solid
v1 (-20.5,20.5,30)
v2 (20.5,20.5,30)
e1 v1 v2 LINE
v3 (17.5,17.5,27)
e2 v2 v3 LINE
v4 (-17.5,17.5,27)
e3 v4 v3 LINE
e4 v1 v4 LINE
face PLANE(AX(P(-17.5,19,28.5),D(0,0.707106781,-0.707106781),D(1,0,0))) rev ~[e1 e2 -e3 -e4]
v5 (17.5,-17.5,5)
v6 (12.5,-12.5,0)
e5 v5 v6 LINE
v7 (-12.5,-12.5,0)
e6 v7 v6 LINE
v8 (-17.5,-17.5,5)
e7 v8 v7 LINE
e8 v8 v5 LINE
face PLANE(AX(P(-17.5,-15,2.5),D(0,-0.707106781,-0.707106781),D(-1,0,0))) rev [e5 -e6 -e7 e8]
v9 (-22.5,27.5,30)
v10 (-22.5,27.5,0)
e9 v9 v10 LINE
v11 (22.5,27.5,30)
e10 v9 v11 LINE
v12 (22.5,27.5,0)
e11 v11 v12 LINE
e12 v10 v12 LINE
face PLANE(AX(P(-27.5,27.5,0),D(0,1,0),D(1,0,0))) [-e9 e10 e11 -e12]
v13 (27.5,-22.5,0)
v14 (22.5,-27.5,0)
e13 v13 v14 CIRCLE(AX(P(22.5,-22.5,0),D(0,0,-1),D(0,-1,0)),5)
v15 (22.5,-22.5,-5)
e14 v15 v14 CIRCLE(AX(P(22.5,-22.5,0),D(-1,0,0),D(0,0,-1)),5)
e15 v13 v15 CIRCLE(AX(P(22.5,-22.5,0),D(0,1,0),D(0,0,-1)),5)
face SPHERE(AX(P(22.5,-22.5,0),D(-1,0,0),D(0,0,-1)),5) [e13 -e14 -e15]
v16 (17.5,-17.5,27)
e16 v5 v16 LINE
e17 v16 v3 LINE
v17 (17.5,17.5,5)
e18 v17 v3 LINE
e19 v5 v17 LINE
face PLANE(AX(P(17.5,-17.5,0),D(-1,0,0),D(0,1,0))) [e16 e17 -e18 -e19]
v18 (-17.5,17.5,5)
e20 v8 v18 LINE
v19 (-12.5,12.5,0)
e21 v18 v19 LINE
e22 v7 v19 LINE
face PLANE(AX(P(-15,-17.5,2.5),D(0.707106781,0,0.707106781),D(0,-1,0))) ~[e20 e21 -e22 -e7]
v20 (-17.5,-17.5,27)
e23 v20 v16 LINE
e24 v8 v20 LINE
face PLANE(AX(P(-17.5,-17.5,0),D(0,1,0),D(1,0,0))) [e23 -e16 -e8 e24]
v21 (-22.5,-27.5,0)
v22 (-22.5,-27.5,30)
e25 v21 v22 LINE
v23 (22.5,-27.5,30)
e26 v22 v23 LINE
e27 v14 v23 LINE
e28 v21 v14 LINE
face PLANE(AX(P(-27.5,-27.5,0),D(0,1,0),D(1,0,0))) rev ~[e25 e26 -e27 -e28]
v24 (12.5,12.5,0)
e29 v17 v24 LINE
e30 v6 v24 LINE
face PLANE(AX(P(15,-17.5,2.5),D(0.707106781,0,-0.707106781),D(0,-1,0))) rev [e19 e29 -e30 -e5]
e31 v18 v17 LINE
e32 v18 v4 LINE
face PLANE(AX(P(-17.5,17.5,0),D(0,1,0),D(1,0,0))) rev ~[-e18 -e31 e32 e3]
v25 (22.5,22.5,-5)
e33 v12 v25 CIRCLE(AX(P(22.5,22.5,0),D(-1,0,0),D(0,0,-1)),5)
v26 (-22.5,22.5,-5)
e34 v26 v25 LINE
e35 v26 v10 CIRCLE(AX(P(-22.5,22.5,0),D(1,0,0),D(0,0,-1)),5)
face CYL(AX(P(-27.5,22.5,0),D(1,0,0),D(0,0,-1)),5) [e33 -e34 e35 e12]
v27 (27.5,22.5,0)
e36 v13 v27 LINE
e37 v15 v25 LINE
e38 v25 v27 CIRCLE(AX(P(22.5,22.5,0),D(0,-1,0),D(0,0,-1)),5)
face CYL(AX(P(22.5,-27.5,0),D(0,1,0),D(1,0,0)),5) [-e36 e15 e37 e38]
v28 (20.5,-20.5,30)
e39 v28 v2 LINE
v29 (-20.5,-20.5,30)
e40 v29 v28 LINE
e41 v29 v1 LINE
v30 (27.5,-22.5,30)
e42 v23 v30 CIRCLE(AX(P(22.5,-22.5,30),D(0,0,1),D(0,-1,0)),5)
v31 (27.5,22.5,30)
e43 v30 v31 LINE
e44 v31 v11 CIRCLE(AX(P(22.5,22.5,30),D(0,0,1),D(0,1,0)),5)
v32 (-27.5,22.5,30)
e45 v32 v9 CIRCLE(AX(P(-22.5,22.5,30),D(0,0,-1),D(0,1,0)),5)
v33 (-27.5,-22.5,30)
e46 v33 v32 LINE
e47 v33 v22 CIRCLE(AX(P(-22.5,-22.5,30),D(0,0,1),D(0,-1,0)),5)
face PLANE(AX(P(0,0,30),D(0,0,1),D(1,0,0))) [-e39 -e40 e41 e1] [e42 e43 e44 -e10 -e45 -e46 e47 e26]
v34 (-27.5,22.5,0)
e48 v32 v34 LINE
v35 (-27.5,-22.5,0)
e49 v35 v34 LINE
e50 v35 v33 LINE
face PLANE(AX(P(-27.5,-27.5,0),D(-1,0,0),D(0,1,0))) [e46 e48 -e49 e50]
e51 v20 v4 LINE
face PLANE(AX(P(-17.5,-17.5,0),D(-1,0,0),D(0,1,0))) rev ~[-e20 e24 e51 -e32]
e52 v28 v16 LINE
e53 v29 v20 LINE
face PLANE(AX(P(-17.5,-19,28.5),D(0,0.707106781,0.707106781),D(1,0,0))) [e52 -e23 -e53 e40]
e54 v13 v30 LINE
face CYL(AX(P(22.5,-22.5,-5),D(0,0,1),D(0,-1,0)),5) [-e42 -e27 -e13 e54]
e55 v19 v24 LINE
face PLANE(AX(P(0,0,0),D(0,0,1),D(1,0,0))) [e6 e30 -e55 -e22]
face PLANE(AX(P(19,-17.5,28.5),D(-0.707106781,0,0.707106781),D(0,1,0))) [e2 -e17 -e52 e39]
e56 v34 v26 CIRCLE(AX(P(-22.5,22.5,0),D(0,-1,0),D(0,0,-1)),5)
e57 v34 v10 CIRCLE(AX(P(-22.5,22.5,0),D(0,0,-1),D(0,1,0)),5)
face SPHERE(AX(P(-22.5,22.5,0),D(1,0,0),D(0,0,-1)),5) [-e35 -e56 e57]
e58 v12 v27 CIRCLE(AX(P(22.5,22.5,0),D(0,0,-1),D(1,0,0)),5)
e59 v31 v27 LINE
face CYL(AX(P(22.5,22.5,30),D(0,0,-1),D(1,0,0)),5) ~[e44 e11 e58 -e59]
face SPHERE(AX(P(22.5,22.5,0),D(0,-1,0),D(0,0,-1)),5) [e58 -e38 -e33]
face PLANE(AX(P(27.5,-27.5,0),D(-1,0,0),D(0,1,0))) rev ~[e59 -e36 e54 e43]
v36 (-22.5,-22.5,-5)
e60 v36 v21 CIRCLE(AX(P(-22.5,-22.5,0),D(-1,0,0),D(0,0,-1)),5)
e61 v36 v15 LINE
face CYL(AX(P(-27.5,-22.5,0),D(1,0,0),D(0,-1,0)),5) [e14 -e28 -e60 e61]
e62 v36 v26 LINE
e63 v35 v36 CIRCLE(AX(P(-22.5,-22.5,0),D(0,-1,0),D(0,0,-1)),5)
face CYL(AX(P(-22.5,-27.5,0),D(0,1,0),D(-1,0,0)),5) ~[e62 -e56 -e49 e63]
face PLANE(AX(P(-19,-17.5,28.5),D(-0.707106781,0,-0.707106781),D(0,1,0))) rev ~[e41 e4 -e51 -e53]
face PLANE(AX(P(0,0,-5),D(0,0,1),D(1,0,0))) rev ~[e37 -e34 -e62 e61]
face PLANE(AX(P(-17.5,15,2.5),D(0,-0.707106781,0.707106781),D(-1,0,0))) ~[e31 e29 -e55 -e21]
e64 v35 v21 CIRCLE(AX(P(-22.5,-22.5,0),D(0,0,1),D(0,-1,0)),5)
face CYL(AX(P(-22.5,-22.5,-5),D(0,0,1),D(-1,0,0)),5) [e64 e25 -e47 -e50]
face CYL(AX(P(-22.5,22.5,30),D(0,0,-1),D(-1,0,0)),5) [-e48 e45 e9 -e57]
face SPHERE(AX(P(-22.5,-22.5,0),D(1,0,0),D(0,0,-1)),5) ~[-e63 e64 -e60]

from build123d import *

# Parameters (mm, degrees)
F0_W     = 55
F0_H     = 55
F0_W_2   = 35
F0_H_2   = 35
F1_DEPTH = 5
F2_DEPTH = 30
F3_R     = 5
F4_SIZE  = 3
F5_SIZE  = 5


with BuildPart() as f1:
    # F0 (on Top) → F1 (new body)
    with BuildSketch(Plane.XY):
        Rectangle(F0_W, F0_H)
        Rectangle(F0_W_2, F0_H_2, mode=Mode.SUBTRACT)
        Rectangle(F0_W_2, F0_H_2)
    extrude(amount=-F1_DEPTH)

    # F0 (on Top) → F2 (join)
    with BuildSketch(Plane.XY):
        Rectangle(F0_W, F0_H)
        Rectangle(F0_W_2, F0_H_2, mode=Mode.SUBTRACT)
    extrude(amount=F2_DEPTH)

    # F3
    f3_edges = [f1.edges().sort_by_distance(p)[0] for p in [
        (0, -27.5, -5),
        (27.5, 0, -5),
        (0, 27.5, -5),
        (-27.5, 0, -5),
        (27.5, 27.5, 12.5),
        (-27.5, 27.5, 12.5),
        (-27.5, -27.5, 12.5),
        (27.5, -27.5, 12.5),
    ]]
    fillet(f3_edges, radius=F3_R)

    # F4
    f4_edges = [f1.edges().sort_by_distance(p)[0] for p in [
        (-17.5, 0, 30),
        (0, -17.5, 30),
        (17.5, 0, 30),
        (0, 17.5, 30),
    ]]
    chamfer(f4_edges, length=F4_SIZE)

    # F5
    f5_edges = [f1.edges().sort_by_distance(p)[0] for p in [
        (17.5, 0, 0),
        (0, -17.5, 0),
        (-17.5, 0, 0),
        (0, 17.5, 0),
    ]]
    chamfer(f5_edges, length=F5_SIZE)


solid = f1.part
